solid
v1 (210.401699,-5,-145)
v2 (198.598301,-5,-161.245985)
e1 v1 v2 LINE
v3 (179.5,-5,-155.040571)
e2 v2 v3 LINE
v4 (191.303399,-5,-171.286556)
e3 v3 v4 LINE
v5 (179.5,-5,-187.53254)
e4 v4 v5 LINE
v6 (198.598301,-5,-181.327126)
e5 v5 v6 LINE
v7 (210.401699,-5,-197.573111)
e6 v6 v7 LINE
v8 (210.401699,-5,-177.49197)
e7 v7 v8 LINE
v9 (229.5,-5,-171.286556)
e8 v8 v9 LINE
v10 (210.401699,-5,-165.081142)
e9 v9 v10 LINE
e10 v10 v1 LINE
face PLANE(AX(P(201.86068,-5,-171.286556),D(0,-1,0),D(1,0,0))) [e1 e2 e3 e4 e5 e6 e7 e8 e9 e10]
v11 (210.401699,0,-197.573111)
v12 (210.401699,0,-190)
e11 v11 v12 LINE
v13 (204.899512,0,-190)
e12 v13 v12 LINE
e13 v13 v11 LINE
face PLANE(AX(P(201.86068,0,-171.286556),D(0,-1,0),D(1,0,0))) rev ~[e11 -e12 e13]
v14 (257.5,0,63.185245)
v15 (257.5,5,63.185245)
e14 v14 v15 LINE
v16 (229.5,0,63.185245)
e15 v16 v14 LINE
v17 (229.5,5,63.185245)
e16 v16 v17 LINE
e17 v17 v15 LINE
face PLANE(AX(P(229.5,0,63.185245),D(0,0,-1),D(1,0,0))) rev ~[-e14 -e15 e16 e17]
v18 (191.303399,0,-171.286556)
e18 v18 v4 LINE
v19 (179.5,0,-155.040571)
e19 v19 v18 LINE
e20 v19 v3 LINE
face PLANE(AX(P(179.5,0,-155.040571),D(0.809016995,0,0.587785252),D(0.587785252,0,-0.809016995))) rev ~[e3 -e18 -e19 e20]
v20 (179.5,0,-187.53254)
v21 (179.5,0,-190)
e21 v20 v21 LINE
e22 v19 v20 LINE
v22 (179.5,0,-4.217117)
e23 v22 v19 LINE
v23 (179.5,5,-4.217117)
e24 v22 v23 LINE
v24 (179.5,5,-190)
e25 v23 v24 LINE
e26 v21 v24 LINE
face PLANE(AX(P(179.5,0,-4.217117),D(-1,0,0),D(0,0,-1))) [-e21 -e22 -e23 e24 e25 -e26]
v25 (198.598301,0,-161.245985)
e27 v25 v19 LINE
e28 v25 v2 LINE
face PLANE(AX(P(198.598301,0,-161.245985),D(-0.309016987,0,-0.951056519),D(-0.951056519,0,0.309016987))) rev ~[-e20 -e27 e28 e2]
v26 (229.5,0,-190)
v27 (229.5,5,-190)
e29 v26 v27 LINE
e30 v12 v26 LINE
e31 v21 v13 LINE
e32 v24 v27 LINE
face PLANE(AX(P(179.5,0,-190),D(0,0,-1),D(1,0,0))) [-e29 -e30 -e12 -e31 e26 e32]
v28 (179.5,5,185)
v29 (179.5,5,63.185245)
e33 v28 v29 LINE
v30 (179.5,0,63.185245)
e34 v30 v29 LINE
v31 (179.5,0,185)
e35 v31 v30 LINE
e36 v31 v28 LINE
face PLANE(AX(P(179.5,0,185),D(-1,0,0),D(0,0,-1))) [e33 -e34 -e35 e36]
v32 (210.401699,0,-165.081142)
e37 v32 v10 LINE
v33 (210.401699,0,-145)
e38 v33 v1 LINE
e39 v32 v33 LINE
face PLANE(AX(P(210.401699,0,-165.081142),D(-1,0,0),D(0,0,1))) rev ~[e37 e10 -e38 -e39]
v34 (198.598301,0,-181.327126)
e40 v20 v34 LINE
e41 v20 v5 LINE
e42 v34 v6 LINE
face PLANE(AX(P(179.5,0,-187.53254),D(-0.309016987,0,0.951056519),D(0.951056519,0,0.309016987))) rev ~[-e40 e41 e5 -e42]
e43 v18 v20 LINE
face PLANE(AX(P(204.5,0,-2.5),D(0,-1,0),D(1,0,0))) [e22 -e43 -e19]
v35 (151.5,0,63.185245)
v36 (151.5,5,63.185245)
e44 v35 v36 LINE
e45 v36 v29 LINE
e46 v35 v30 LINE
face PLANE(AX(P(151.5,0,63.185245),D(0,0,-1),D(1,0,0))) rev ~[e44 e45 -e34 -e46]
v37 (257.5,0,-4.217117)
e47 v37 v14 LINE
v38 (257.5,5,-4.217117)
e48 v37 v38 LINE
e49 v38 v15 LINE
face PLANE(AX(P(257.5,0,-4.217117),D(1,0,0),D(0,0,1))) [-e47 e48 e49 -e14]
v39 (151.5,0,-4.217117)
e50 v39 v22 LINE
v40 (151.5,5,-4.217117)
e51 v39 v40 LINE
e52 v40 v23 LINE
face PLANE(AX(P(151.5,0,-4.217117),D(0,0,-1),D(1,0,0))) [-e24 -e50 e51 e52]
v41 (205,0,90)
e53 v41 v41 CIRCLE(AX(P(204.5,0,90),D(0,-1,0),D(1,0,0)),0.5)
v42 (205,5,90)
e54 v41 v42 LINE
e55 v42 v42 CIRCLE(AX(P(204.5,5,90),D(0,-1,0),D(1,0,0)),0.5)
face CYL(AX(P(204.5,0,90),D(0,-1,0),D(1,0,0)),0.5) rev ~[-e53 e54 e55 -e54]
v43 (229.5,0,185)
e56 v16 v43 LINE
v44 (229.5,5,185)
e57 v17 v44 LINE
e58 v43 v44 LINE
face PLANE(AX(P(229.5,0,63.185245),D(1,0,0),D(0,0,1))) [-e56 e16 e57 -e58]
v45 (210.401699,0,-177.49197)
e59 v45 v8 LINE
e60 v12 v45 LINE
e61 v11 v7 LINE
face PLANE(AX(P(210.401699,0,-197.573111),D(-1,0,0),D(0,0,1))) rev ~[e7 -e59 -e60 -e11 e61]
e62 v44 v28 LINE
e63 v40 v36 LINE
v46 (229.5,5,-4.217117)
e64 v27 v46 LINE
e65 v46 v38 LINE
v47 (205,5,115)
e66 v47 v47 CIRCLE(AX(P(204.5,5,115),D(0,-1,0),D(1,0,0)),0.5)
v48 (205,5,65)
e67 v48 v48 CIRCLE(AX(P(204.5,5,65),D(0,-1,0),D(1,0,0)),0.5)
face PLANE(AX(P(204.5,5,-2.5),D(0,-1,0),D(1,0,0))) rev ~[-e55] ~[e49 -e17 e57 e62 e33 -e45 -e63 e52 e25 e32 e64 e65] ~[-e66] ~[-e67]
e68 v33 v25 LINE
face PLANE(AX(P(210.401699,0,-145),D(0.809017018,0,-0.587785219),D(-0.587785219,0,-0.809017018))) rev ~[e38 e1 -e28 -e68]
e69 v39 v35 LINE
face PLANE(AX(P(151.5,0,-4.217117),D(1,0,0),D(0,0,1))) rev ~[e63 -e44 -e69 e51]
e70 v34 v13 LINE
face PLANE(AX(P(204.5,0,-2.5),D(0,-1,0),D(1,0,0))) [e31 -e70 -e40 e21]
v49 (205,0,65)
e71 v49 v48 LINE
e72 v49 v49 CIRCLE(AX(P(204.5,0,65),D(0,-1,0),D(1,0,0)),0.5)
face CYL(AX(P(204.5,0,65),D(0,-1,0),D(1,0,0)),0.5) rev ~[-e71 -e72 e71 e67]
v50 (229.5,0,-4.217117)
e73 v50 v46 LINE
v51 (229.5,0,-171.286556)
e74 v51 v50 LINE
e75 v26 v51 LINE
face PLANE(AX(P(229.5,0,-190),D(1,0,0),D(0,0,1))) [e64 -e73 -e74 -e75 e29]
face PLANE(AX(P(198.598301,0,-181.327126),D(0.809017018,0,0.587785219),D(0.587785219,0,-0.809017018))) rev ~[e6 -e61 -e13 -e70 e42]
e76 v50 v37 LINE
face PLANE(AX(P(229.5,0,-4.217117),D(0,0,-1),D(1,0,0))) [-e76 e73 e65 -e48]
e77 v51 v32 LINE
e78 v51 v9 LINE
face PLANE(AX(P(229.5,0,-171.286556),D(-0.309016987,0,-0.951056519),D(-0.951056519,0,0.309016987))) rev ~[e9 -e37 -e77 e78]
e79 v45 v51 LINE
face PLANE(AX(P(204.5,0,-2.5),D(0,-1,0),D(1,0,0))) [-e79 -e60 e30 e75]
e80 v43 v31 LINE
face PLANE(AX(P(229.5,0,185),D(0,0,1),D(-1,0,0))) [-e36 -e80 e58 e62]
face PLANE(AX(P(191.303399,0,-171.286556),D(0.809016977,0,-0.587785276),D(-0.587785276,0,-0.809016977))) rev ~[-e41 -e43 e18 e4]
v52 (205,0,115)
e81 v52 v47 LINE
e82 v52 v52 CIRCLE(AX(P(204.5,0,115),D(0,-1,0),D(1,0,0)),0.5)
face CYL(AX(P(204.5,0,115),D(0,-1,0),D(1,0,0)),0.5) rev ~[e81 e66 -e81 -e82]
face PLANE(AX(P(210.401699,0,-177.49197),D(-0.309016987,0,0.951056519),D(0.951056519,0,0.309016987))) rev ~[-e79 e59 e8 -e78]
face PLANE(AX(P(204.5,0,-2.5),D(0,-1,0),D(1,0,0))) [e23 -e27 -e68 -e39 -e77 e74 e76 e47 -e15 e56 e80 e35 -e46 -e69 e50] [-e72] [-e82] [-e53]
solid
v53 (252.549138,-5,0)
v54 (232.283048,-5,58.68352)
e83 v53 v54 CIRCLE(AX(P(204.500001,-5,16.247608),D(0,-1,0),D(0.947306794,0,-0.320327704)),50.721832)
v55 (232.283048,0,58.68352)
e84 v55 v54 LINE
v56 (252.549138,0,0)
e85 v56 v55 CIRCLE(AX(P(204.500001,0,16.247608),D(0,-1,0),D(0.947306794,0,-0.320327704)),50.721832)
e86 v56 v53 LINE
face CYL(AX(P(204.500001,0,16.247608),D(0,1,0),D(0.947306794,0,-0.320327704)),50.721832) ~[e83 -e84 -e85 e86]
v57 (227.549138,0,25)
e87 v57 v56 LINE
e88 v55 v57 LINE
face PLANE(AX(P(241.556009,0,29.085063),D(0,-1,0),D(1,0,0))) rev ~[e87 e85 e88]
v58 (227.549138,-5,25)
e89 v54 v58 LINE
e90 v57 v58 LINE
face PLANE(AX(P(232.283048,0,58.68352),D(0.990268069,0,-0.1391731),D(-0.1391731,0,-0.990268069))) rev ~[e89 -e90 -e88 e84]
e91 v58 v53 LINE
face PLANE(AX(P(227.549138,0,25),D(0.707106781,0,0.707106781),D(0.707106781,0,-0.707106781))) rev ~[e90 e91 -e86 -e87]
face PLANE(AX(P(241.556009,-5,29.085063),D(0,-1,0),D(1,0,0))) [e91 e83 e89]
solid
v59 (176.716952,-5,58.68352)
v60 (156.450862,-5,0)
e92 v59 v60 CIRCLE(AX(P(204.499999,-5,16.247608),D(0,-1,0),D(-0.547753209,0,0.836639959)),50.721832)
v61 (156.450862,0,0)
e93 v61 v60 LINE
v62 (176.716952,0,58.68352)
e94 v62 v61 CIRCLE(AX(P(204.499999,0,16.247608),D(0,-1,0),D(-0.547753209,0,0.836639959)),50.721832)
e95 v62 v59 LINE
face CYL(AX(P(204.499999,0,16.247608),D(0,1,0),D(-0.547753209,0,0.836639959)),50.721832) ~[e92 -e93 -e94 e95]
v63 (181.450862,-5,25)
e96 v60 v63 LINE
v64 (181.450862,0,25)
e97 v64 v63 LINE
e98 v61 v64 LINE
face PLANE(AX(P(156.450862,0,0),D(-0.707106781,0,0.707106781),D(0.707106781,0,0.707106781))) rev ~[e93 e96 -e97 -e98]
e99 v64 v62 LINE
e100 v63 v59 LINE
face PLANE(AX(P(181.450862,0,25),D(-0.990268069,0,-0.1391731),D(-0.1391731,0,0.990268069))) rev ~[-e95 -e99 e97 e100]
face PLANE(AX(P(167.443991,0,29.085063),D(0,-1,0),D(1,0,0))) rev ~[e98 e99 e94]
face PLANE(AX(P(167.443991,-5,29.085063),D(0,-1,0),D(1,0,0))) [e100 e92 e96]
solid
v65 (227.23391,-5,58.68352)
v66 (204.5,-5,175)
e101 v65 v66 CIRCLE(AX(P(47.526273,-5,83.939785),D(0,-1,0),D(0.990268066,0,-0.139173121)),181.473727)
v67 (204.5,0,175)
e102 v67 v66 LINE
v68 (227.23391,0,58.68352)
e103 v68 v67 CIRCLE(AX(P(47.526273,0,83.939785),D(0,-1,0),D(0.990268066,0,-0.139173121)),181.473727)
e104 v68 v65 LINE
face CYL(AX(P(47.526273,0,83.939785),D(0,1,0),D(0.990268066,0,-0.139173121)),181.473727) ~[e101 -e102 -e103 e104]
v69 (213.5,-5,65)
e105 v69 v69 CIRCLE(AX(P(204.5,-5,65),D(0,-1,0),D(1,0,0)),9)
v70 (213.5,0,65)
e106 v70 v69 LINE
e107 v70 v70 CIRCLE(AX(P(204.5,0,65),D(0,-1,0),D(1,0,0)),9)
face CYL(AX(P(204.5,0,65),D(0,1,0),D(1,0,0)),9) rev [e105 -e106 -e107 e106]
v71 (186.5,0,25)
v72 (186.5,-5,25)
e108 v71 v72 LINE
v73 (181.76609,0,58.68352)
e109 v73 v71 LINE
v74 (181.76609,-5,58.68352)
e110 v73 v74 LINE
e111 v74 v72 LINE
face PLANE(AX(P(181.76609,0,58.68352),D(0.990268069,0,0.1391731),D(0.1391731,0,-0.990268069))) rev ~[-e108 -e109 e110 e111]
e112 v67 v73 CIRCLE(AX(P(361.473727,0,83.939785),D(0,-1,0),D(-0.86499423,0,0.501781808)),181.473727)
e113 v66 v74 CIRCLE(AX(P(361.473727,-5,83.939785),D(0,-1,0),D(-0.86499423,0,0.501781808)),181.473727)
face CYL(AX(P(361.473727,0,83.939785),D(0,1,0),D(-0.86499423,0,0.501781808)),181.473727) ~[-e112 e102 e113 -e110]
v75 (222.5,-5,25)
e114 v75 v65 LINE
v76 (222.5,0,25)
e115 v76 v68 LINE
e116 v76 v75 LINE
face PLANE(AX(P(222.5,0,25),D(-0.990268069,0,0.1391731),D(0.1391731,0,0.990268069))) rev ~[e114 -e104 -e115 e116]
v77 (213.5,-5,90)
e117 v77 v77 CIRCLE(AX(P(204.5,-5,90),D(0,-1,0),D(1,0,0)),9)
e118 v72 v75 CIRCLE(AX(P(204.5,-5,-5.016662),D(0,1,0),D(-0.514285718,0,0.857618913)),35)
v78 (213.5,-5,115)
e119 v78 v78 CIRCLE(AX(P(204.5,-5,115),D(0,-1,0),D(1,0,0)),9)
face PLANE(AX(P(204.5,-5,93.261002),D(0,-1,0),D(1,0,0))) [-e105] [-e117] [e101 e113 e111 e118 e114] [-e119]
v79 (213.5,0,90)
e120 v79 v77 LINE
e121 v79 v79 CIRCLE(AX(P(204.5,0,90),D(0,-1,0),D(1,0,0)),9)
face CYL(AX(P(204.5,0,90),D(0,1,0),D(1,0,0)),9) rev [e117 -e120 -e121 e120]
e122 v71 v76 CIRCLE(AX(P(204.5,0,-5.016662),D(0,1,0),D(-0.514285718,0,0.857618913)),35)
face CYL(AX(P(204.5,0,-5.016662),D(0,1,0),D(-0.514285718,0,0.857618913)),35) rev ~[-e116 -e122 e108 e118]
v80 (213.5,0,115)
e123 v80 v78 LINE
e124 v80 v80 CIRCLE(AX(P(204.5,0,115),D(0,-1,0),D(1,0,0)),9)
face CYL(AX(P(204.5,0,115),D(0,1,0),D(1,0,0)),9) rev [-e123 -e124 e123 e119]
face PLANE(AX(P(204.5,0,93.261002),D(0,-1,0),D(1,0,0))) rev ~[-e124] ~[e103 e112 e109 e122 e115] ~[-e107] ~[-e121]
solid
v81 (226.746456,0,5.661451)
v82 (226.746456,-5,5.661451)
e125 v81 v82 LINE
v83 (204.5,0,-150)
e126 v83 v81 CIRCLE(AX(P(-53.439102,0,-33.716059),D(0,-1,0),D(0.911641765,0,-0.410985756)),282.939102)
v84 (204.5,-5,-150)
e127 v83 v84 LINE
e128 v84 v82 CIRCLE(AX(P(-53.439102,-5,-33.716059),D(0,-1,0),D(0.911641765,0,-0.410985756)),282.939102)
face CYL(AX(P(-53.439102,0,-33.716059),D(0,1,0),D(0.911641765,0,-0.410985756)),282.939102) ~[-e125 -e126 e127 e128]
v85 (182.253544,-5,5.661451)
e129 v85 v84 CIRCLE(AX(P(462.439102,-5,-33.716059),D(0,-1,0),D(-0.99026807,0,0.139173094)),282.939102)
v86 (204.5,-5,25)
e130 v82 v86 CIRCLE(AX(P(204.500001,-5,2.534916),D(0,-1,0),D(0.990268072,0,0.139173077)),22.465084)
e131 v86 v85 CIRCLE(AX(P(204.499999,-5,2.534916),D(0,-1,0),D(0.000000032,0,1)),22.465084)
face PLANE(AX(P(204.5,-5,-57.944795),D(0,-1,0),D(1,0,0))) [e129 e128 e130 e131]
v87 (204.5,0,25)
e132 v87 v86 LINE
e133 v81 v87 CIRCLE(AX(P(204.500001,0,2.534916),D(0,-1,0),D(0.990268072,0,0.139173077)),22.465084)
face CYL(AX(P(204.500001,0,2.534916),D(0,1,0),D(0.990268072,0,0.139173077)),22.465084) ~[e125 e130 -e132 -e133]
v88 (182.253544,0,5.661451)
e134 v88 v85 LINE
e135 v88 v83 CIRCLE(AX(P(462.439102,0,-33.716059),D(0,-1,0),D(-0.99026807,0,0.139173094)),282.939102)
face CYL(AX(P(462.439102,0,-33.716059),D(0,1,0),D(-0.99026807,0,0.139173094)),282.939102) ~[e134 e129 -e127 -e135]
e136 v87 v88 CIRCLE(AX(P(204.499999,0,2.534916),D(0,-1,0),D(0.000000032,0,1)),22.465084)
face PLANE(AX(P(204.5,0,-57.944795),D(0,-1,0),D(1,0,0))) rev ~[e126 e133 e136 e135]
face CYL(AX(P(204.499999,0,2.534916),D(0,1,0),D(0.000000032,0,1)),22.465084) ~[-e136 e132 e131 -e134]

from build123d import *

# Parameters (mm, degrees)
F0_R     = 9
F1_DEPTH = 5
F2_R     = 0.5
F2_W     = 28
F2_H     = 67.402362
F3_DEPTH = 5
F5_DEPTH = 5


with BuildPart() as f1:
    # F0 (on Front) → F1 (new body)
    with BuildSketch(Plane.XZ):
        with BuildLine():
            ThreePointArc((186.5, 25), (204.5, 29.983338), (222.5, 25))
            Line((222.5, 25), (227.23391, 58.68352))
            ThreePointArc((227.23391, 58.68352), (225.63008, 118.749951), (204.5, 175))
            ThreePointArc((204.5, 175), (183.36992, 118.749951), (181.76609, 58.68352))
            Line((181.76609, 58.68352), (186.5, 25))
        make_face()
        with Locations((204.5, 65)):
            Circle(F0_R, mode=Mode.SUBTRACT)
        with Locations((204.5, 90)):
            Circle(F0_R, mode=Mode.SUBTRACT)
        with Locations((204.5, 115)):
            Circle(F0_R, mode=Mode.SUBTRACT)
        with BuildLine():
            Line((232.283048, 58.68352), (227.549138, 25))
            Line((227.549138, 25), (252.549138, 0))
            ThreePointArc((252.549138, 0), (252.443394, 32.804643), (232.283048, 58.68352))
        make_face()
        with BuildLine():
            ThreePointArc((204.5, -150), (226.654024, -73.745748), (226.746456, 5.661451))
            ThreePointArc((226.746456, 5.661451), (219.238422, 19.48953), (204.5, 25))
            ThreePointArc((204.5, 25), (189.761578, 19.48953), (182.253544, 5.661451))
            ThreePointArc((182.253544, 5.661451), (182.345976, -73.745748), (204.5, -150))
        make_face()
        with BuildLine():
            Line((156.450862, 0), (181.450862, 25))
            Line((181.450862, 25), (176.716952, 58.68352))
            ThreePointArc((176.716952, 58.68352), (156.556606, 32.804643), (156.450862, 0))
        make_face()
    extrude(amount=F1_DEPTH)


with BuildPart() as f3:
    # F2 (on Front) → F3 (new body)
    with BuildSketch(Plane.XZ):
        Polygon((229.5, 185), (179.5, 185), (179.5, 63.185245), (179.5, -4.217117), (179.5, -190), (229.5, -190), (229.5, -4.217117), (229.5, 63.185245), align=None)
        with Locations((204.5, 65)):
            Circle(F2_R, mode=Mode.SUBTRACT)
        with Locations((204.5, 90)):
            Circle(F2_R, mode=Mode.SUBTRACT)
        with Locations((204.5, 115)):
            Circle(F2_R, mode=Mode.SUBTRACT)
        with Locations((165.5, 29.484064)):
            Rectangle(F2_W, F2_H)
        with Locations((243.5, 29.484064)):
            Rectangle(F2_W, F2_H)
    extrude(amount=-F3_DEPTH)

    # F4 (on Front) → F5 (join)
    with BuildSketch(Plane.XZ):
        Polygon((198.598301, -161.245985), (179.5, -155.040571), (191.303399, -171.286556), (179.5, -187.53254), (198.598301, -181.327126), (210.401699, -197.573111), (210.401699, -177.49197), (229.5, -171.286556), (210.401699, -165.081142), (210.401699, -145), align=None)
    extrude(amount=F5_DEPTH)


solid = Compound([f1.part, f3.part])
